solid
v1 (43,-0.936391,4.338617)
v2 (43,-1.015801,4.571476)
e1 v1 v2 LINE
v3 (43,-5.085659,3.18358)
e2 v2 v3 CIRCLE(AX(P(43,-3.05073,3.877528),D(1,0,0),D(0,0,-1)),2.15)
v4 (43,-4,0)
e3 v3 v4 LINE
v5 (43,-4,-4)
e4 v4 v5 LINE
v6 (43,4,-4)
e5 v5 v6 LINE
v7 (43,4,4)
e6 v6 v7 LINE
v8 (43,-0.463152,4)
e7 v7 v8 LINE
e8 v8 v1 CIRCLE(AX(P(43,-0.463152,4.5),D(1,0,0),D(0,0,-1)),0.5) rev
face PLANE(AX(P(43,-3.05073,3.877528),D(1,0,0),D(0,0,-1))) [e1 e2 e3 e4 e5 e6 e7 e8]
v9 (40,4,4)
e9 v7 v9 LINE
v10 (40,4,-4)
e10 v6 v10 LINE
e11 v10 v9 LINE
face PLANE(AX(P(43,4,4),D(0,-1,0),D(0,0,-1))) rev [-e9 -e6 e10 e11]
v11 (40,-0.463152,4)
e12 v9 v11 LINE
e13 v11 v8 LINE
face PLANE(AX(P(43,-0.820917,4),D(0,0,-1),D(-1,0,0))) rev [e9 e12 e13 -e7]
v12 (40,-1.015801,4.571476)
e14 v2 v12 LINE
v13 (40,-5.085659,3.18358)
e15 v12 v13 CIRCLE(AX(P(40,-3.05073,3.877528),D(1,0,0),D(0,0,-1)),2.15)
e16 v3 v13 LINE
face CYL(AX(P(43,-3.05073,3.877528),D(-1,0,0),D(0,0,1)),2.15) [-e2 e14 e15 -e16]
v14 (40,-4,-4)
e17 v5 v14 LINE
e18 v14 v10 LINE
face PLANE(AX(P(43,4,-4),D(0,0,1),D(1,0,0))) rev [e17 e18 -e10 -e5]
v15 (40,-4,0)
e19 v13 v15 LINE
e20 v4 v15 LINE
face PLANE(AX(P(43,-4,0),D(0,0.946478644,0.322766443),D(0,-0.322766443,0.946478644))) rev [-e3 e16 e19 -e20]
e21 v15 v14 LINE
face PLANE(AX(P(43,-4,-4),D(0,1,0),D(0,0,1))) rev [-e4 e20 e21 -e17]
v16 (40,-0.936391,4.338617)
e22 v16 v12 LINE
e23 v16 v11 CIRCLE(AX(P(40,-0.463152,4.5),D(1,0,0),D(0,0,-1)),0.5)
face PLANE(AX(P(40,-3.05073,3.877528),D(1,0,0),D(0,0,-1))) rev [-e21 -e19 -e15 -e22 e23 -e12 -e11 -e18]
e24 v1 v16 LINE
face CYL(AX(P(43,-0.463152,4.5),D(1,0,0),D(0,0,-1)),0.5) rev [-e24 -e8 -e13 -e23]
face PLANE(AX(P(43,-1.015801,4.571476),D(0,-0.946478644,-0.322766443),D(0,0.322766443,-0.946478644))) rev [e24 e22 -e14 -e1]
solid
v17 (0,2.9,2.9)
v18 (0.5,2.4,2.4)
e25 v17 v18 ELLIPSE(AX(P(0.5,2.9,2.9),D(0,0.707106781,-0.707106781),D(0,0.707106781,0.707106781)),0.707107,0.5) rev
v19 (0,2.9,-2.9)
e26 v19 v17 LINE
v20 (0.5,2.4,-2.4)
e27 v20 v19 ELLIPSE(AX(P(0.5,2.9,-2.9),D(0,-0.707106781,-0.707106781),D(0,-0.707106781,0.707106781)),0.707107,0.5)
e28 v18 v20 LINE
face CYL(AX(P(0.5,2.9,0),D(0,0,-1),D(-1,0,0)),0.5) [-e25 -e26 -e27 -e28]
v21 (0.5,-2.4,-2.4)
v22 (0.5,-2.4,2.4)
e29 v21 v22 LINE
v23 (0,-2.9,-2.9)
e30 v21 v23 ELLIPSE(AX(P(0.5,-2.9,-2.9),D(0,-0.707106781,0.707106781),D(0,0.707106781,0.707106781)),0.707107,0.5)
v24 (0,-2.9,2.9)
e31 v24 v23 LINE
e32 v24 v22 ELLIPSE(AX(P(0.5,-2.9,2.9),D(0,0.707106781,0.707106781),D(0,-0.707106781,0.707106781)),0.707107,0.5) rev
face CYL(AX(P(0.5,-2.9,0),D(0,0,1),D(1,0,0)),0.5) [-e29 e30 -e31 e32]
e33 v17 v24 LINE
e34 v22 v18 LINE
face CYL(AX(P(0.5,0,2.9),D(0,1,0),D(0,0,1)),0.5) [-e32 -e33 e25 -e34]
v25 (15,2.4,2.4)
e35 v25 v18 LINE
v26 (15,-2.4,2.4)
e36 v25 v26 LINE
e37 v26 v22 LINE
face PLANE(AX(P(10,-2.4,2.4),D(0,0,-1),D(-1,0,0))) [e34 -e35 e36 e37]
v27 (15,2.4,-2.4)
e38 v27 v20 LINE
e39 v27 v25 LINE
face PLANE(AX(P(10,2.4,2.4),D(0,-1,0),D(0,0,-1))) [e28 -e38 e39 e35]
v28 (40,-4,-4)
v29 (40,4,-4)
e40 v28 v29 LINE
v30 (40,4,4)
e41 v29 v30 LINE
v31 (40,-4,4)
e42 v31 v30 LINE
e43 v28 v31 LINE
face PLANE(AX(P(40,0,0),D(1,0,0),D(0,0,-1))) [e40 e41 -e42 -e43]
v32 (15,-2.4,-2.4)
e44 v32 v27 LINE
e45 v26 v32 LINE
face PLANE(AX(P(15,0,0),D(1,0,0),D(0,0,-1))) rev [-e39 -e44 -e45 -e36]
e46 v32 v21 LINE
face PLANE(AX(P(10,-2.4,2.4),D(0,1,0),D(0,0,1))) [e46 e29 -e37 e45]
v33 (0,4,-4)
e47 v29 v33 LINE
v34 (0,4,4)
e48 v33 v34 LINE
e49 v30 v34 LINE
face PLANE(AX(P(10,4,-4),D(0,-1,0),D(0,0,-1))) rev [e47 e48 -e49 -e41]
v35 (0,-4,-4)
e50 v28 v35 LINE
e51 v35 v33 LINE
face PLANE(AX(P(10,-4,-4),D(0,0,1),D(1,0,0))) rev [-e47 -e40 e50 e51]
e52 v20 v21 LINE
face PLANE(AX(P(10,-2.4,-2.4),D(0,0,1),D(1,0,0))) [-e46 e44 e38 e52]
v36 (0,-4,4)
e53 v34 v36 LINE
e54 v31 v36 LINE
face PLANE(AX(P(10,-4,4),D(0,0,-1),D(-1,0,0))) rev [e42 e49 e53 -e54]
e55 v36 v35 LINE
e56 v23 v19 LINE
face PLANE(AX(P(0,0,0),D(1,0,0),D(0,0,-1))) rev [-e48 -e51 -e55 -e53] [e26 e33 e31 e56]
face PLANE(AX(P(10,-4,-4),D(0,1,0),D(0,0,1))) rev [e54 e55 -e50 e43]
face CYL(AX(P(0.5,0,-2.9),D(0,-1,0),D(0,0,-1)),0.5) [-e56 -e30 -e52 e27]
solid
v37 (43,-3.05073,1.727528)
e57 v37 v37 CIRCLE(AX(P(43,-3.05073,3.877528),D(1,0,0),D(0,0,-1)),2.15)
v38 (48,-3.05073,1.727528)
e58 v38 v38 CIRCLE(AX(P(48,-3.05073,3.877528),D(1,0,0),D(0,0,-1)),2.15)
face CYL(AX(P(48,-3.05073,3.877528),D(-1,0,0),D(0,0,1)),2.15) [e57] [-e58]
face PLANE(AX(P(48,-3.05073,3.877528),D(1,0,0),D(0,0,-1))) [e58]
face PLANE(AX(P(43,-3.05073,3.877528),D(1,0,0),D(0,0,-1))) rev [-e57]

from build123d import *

# Parameters (mm, degrees)
SKETCH2_W           = 8
SKETCH2_H           = 8
SKETCH2_W_2         = 4.8
SKETCH2_H_2         = 4.8
BOSS_EXTRUDE1_DEPTH = 10
BOSS_EXTRUDE2_START = 15
SKETCH2_2_W         = 8
SKETCH2_2_H         = 8
BOSS_EXTRUDE2_DEPTH = 25
BOSS_EXTRUDE3_DEPTH = 3
SKETCH6_R           = 2.15
BOSS_EXTRUDE4_DEPTH = 5
BOSS_EXTRUDE5_START = 10
SKETCH2_4_W         = 8
SKETCH2_4_H         = 8
SKETCH2_4_W_2       = 4.8
SKETCH2_4_H_2       = 4.8
BOSS_EXTRUDE5_DEPTH = 5
FILLET1_R           = 0.5
FILLET2_R           = 0.5


with BuildPart() as part:
    # Sketch2 → Boss-Extrude1 (new body)
    with BuildSketch(Plane(origin=(0, 0, 0), x_dir=(0, 0, -1), z_dir=(1, 0, 0))):
        Rectangle(SKETCH2_W, SKETCH2_H)
        Rectangle(SKETCH2_W_2, SKETCH2_H_2, mode=Mode.SUBTRACT)
    extrude(amount=BOSS_EXTRUDE1_DEPTH)



with BuildPart() as body_2:
    # Sketch2<2> → Boss-Extrude2 (new body)
    with BuildSketch(Plane(origin=(0, 0, 0), x_dir=(0, 0, -1), z_dir=(1, 0, 0)).offset(BOSS_EXTRUDE2_START)):
        Rectangle(SKETCH2_2_W, SKETCH2_2_H)
    extrude(amount=BOSS_EXTRUDE2_DEPTH)


with BuildPart() as body_3:
    # Sketch5 → Boss-Extrude3 (new body)
    with BuildSketch(Plane(origin=(40, 0, 0), x_dir=(0, 0, -1), z_dir=(1, 0, 0))):
        with BuildLine():
            Line((-4, 4), (4, 4))
            Line((4, 4), (4, -4))
            Line((4, -4), (0, -4))
            Line((0, -4), (-3.183580068, -5.085658744))
            ThreePointArc((-3.183580068, -5.085658744), (-5.912457005, -3.744677514), (-4.571475775, -1.015800576))
            Line((-4.571475775, -1.015800576), (-4, -0.820916936))
            Line((-4, -0.820916936), (-4, 4))
        make_face()
    extrude(amount=BOSS_EXTRUDE3_DEPTH)

    # Fillet2
    fillet2_edges = [body_3.edges().sort_by_distance(p)[0] for p in [
        (41.5, -0.820916936, 4),
    ]]
    fillet(fillet2_edges, radius=FILLET2_R)


with BuildPart() as body_4:
    # Sketch6 → Boss-Extrude4 (new body)
    with BuildSketch(Plane(origin=(43, 0, 0), x_dir=(0, 0, -1), z_dir=(1, 0, 0))):
        with Locations((-3.877527921, -3.05072966)):
            Circle(SKETCH6_R)
    extrude(amount=BOSS_EXTRUDE4_DEPTH)


with BuildPart() as part_1:
    add(part.part)

    add(body_2.part)  # Boss-Extrude5 merges body 2
    # Sketch2<4> → Boss-Extrude5 (add)
    with BuildSketch(Plane(origin=(0, 0, 0), x_dir=(0, 0, -1), z_dir=(1, 0, 0)).offset(BOSS_EXTRUDE5_START)):
        Rectangle(SKETCH2_4_W, SKETCH2_4_H)
        Rectangle(SKETCH2_4_W_2, SKETCH2_4_H_2, mode=Mode.SUBTRACT)
    extrude(amount=BOSS_EXTRUDE5_DEPTH)

    # Fillet1
    fillet1_edges = [part_1.edges().sort_by_distance(p)[0] for p in [
        (0, -2.4, 0),
        (0, 0, -2.4),
        (0, 0, 2.4),
        (0, 2.4, 0),
    ]]
    fillet(fillet1_edges, radius=FILLET1_R)


solid = Compound([body_3.part, body_4.part, part_1.part])
